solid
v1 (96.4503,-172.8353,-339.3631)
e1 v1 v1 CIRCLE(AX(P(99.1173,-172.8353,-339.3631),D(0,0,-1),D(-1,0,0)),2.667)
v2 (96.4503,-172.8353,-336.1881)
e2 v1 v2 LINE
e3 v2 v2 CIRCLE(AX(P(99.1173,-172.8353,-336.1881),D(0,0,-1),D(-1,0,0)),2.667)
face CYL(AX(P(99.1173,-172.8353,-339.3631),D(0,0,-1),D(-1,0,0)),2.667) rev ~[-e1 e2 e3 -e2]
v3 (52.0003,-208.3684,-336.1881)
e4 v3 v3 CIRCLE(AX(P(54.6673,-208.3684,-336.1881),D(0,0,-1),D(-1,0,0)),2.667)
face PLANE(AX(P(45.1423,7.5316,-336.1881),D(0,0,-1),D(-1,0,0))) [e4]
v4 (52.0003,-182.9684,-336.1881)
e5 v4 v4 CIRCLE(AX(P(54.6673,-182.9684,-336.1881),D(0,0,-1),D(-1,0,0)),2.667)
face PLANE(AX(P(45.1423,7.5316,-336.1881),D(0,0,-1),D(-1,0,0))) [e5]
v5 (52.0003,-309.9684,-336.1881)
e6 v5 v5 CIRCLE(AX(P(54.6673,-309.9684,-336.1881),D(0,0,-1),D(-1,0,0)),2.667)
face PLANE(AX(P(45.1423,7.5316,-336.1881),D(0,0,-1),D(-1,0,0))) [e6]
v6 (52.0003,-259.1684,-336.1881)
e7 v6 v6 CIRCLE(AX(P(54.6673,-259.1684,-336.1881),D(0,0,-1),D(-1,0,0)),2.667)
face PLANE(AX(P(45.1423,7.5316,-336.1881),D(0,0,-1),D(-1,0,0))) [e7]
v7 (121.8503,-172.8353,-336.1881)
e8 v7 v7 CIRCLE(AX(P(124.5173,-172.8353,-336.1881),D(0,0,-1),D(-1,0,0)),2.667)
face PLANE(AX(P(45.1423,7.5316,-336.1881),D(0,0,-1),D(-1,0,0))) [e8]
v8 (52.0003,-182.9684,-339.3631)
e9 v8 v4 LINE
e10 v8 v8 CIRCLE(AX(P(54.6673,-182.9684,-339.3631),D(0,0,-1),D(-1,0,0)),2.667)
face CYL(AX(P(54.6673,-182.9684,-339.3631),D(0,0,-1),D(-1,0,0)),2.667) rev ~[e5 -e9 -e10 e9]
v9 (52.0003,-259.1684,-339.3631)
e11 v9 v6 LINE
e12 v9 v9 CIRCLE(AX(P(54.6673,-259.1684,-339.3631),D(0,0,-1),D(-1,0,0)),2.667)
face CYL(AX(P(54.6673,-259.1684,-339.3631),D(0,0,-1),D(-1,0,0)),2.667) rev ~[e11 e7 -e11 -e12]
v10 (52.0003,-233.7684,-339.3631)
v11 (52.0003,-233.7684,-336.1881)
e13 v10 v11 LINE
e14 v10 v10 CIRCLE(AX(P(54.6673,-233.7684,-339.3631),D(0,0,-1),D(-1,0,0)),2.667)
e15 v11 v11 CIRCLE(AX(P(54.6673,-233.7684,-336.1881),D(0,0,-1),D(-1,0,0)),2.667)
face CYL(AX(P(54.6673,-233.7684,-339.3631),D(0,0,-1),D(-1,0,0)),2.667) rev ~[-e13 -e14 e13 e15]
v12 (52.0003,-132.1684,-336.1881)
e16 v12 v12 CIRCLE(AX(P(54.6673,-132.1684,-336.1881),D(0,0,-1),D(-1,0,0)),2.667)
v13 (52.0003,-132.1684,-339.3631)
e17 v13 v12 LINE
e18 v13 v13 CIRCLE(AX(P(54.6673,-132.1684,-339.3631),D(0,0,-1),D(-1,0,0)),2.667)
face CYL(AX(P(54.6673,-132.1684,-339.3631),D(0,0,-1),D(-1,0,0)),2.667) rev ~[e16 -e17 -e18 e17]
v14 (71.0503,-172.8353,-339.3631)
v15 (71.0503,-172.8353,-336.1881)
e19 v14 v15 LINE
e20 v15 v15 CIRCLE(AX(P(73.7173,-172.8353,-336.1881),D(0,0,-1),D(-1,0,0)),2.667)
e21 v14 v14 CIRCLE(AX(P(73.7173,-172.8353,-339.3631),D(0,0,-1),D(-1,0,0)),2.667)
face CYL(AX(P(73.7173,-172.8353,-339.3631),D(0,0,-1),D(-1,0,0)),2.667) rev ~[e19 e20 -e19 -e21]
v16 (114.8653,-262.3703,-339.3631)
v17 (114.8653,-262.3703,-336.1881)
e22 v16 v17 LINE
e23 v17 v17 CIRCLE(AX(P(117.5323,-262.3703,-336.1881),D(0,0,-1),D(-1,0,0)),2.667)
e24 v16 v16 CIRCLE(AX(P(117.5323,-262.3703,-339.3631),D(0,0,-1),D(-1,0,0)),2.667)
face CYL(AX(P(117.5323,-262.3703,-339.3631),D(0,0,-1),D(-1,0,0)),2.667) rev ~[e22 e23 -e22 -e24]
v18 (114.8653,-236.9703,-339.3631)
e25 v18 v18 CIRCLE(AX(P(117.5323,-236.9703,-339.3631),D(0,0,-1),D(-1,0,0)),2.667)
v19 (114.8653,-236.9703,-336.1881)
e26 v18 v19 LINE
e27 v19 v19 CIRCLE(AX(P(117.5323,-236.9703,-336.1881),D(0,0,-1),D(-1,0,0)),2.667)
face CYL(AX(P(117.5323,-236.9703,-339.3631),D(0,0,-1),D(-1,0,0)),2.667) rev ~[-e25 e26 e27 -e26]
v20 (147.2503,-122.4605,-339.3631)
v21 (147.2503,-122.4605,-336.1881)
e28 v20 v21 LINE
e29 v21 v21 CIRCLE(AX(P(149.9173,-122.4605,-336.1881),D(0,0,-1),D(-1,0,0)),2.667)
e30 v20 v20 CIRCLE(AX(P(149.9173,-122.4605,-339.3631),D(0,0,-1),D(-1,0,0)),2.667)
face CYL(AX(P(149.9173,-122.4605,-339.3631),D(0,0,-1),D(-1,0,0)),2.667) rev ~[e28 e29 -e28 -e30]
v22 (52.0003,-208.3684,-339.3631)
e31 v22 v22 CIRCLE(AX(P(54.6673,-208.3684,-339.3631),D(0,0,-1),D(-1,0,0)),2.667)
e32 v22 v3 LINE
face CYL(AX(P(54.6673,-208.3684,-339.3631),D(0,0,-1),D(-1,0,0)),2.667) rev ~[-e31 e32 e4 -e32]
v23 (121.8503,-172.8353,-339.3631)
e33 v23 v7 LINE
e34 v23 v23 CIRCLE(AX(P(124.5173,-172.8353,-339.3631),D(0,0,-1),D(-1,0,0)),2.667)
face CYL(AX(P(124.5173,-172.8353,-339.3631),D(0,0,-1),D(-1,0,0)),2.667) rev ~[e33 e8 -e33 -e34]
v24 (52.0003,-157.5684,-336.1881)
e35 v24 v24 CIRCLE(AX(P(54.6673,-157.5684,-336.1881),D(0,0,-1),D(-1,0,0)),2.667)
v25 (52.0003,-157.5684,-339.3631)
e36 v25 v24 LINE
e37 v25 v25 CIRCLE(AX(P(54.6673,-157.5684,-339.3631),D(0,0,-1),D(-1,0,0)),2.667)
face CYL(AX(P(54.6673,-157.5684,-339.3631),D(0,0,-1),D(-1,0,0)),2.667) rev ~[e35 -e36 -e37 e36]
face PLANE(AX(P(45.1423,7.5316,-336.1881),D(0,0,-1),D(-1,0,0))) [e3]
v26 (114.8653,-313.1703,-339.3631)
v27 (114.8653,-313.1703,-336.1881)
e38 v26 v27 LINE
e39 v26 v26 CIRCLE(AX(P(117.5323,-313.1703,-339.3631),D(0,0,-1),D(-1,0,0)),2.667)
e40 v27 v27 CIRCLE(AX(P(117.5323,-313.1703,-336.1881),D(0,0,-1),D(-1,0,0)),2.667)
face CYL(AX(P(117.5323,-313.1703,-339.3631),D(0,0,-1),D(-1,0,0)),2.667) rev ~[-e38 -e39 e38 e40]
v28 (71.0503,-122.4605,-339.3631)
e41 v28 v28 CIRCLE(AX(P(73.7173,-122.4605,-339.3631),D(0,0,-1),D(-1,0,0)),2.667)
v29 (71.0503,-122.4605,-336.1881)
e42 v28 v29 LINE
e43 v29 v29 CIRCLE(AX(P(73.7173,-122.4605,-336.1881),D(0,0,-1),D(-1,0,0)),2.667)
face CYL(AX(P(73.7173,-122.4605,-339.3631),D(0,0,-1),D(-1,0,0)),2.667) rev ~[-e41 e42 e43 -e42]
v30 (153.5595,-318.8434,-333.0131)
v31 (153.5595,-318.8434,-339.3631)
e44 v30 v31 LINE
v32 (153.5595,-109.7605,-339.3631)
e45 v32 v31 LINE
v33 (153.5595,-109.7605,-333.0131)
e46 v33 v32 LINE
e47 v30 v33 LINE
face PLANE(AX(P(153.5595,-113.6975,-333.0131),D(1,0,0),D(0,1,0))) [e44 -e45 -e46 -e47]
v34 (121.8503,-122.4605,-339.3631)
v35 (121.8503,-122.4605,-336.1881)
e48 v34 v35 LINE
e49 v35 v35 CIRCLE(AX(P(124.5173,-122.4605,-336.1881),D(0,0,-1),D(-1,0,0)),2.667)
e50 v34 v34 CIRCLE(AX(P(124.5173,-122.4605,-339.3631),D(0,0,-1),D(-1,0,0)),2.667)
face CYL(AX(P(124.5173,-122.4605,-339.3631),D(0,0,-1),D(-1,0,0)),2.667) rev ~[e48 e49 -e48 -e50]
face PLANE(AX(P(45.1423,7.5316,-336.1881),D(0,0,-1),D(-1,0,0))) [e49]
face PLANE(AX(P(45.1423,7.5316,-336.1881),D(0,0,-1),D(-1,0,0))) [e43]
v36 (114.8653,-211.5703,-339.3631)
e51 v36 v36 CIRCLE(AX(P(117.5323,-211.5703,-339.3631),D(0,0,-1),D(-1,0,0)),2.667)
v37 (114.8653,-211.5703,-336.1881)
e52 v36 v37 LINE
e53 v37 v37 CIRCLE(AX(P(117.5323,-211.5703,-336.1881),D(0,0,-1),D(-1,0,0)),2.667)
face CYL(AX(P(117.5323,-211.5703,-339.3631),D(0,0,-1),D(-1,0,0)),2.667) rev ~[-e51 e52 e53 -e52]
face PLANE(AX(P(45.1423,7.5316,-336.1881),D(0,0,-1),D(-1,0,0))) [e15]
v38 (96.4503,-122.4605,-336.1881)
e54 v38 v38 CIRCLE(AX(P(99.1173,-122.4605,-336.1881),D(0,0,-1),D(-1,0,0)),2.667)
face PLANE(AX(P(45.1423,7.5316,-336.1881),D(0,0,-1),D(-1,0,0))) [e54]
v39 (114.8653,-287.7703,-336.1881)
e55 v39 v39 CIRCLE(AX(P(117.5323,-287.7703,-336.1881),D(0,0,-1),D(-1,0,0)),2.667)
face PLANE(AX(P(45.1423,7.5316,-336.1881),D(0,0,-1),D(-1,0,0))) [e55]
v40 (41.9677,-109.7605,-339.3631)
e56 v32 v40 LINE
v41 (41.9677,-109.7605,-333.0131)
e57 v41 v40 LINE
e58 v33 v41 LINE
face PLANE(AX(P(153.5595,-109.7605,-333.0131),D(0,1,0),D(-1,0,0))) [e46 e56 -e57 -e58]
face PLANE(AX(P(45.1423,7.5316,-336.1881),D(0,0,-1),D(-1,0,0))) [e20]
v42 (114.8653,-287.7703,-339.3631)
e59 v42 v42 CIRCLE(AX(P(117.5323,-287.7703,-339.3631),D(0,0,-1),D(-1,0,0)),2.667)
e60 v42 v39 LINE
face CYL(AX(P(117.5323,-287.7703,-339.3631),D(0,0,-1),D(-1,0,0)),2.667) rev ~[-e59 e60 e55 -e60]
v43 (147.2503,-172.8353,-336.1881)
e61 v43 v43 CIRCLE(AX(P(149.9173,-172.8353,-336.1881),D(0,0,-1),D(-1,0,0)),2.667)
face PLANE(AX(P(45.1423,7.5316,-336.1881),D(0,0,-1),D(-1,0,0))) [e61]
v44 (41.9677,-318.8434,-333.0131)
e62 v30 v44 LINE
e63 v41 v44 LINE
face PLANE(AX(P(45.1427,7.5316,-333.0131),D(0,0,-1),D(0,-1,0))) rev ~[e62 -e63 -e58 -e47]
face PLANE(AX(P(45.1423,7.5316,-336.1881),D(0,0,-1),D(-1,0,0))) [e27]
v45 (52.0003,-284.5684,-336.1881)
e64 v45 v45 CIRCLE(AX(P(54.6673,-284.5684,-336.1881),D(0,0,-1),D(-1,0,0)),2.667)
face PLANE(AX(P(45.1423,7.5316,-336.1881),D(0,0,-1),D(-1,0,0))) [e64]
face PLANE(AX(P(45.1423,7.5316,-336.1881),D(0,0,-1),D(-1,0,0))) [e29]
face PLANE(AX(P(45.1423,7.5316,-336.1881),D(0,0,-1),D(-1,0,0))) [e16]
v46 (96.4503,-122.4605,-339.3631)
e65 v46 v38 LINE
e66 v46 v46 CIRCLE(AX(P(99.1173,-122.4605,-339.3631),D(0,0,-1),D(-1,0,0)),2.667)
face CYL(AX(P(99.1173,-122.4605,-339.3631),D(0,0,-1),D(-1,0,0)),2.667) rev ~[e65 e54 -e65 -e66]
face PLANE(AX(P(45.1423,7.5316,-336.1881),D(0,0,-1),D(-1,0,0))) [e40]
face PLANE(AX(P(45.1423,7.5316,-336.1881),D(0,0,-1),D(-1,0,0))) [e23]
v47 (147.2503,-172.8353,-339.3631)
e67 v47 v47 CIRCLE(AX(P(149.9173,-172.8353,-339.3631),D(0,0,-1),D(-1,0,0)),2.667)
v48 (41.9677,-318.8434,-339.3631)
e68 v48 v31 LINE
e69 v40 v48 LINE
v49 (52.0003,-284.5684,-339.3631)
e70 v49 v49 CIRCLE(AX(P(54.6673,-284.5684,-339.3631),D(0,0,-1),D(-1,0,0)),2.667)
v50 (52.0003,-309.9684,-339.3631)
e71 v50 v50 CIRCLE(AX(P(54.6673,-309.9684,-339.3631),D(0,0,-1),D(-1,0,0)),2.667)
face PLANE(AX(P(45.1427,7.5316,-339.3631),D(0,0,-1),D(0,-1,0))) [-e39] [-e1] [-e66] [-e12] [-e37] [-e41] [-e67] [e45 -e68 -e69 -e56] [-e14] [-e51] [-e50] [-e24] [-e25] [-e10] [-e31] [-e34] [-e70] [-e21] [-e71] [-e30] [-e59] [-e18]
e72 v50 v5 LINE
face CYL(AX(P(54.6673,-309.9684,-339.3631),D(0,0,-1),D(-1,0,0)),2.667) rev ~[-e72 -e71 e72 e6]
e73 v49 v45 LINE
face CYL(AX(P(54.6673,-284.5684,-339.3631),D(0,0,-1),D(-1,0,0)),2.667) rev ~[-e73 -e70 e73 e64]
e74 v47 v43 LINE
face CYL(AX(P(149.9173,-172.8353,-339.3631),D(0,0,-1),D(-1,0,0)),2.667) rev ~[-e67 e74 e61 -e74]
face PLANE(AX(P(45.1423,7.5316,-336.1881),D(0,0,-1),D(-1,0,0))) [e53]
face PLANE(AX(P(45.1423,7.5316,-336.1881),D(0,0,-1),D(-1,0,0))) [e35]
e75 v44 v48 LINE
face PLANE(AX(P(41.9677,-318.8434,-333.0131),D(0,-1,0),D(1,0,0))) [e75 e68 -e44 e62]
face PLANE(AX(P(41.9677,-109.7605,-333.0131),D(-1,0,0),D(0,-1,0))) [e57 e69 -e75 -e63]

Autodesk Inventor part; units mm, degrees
ref_plane "YZ Plane" through (0, 0, 0) normal (1, 0, 0) x (0, 1, 0)
ref_plane "XZ Plane" through (0, 0, 0) normal (0, 1, 0) x (-1, 0, 0)
ref_plane "XY Plane" through (0, 0, 0) normal (0, 0, 1) x (1, 0, 0)
ref_plane "Work Plane1" through (45.1427, 7.5316, -333.0131) normal (-0.0001, 0, -1) x (0, -1, 0)
sketch "Sketch1" plane through (45.1427, 7.5316, -333.0131) normal (-0.0001, 0, -1) x (0, -1, 0)
  line L0 (333.4019, -100.965) -> (333.4019, -89.027) projected
  line L1 (117.2921, 3.175) -> (326.375, 3.175)
  line L2 (326.375, 3.175) -> (326.375, -108.4168)
  line L3 (326.375, -108.4168) -> (117.2921, -108.4168)
  line L4 (117.2921, -108.4168) -> (117.2921, 3.175)
  circle A0 centre (673.1, -9.525) radius 2.667 projected
  circle A1 centre (647.7, -9.525) radius 2.667 projected
  circle A2 centre (622.3, -9.525) radius 2.667 projected
  circle A3 centre (596.9, -9.525) radius 2.667 projected
  circle A4 centre (571.5, -9.525) radius 2.667 projected
  circle A5 centre (546.1, -9.525) radius 2.667 projected
  circle A6 centre (520.7, -9.525) radius 2.667 projected
  circle A7 centre (495.3, -9.525) radius 2.667 projected
  circle A8 centre (469.9, -9.525) radius 2.667 projected
  circle A9 centre (444.5, -9.525) radius 2.667 projected
  circle A10 centre (419.1, -9.525) radius 2.667 projected
  circle A11 centre (393.7, -9.525) radius 2.667 projected
  circle A12 centre (368.3, -9.525) radius 2.667 projected
  circle A13 centre (342.9, -9.525) radius 2.667 projected
  circle A14 centre (317.5, -9.525) radius 2.667 projected
  circle A15 centre (292.1, -9.525) radius 2.667 projected
  circle A16 centre (266.7, -9.525) radius 2.667 projected
  circle A17 centre (241.3, -9.525) radius 2.667 projected
  circle A18 centre (215.9, -9.525) radius 2.667 projected
  circle A19 centre (190.5, -9.525) radius 2.667 projected
  circle A20 centre (165.1, -9.525) radius 2.667 projected
  circle A21 centre (139.7, -9.525) radius 2.667 projected
  line L5 (692.3329, -15.875) -> (692.3329, -0.762) projected
  line L6 (120.4671, -0.762) -> (692.3329, -0.762) projected
  line L7 (120.4671, -0.762) -> (120.4671, -15.875) projected
  line L8 (120.4671, -15.875) -> (692.3329, -15.875) projected
  line L9 (121.2291, -672.465) -> (136.3421, -672.465) projected
  line L10 (136.3421, -672.465) -> (136.3421, -19.685) projected
  line L11 (136.3421, -19.685) -> (121.2291, -19.685) projected
  line L12 (121.2291, -672.465) -> (121.2291, -19.685) projected
  circle A22 centre (129.9921, -663.575) radius 2.667 projected
  circle A23 centre (129.9921, -638.175) radius 2.667 projected
  circle A24 centre (129.9921, -612.775) radius 2.667 projected
  circle A25 centre (129.9921, -587.375) radius 2.667 projected
  circle A26 centre (129.9921, -561.975) radius 2.667 projected
  circle A27 centre (129.9921, -536.575) radius 2.667 projected
  circle A28 centre (129.9921, -511.175) radius 2.667 projected
  circle A29 centre (129.9921, -485.775) radius 2.667 projected
  circle A30 centre (129.9921, -460.375) radius 2.667 projected
  circle A31 centre (129.9921, -434.975) radius 2.667 projected
  circle A32 centre (129.9921, -409.575) radius 2.667 projected
  circle A33 centre (129.9921, -384.175) radius 2.667 projected
  circle A34 centre (129.9921, -358.775) radius 2.667 projected
  circle A35 centre (129.9921, -333.375) radius 2.667 projected
  circle A36 centre (129.9921, -307.975) radius 2.667 projected
  circle A37 centre (129.9921, -282.575) radius 2.667 projected
  circle A38 centre (129.9921, -257.175) radius 2.667 projected
  circle A39 centre (129.9921, -231.775) radius 2.667 projected
  circle A40 centre (129.9921, -206.375) radius 2.667 projected
  circle A41 centre (129.9921, -180.975) radius 2.667 projected
  circle A42 centre (129.9921, -155.575) radius 2.667 projected
  circle A43 centre (129.9921, -130.175) radius 2.667 projected
  circle A44 centre (129.9921, -104.775) radius 2.667 projected
  circle A45 centre (129.9921, -79.375) radius 2.667 projected
  circle A46 centre (129.9921, -53.975) radius 2.667 projected
  circle A47 centre (129.9921, -28.575) radius 2.667 projected
  circle A48 centre (180.3669, -28.575) radius 2.667 projected
  circle A49 centre (180.3669, -53.975) radius 2.667 projected
  circle A50 centre (180.3669, -79.375) radius 2.667 projected
  circle A51 centre (180.3669, -104.775) radius 2.667 projected
  circle A52 centre (180.3669, -130.175) radius 2.667 projected
  circle A53 centre (180.3669, -155.575) radius 2.667 projected
  circle A54 centre (180.3669, -180.975) radius 2.667 projected
  circle A55 centre (180.3669, -206.375) radius 2.667 projected
  circle A56 centre (180.3669, -231.775) radius 2.667 projected
  circle A57 centre (180.3669, -257.175) radius 2.667 projected
  circle A58 centre (180.3669, -282.575) radius 2.667 projected
  line L13 (192.3049, -15.875) -> (174.0169, -15.875) projected
  line L14 (174.0169, -15.875) -> (174.0169, -292.1) projected
  line L15 (174.0169, -292.1) -> (177.1919, -295.275) projected
  line L16 (192.3049, -295.275) -> (177.1919, -295.275) projected
  line L17 (192.3049, -15.875) -> (192.3049, -295.275) projected
  circle A59 centre (219.1019, -72.39) radius 2.667 projected
  circle A60 centre (244.5019, -72.39) radius 2.667 projected
  circle A61 centre (269.9019, -72.39) radius 2.667 projected
  circle A62 centre (295.3019, -72.39) radius 2.667 projected
  circle A63 centre (320.7019, -72.39) radius 2.667 projected
  circle A64 centre (346.1019, -72.39) radius 2.667 projected
  line L18 (212.1169, -66.04) -> (212.1169, -84.328) projected
  line L19 (358.8019, -84.328) -> (212.1169, -84.328) projected
  line L20 (358.8019, -84.328) -> (358.8019, -69.215) projected
  line L21 (358.8019, -69.215) -> (355.6269, -66.04) projected
  line L22 (355.6269, -66.04) -> (212.1169, -66.04) projected
  point P0 (7.5323, 45.1616)
extrude "Extrusion1" add sketch "Sketch1" along normal blind 6.35 contours L1 L2 L6 L7 L8 L14 L3 L10 L11 L12 L4 | L2 L8 L7 L6 | L12 L11 L10 L3 | L2 L22 L18 L19 L3 L17 L8 | L2 L19 L18 L22 | L17 L3 L14 L8 | A14 | A15 | A16 | A17 | A18 | A19 | A20 | A21 | A44 | A45 | A46 | A47 | A48 | A49 | A50 | A51 | A59 | A60 | A61 | A62 | A63
sketch "Sketch2" plane through (45.1423, 7.5316, -339.3631) normal (-0.0001, 0, -1) x (-1, 0, 0.0001)
  circle A0 centre (-9.525, -673.1) radius 2.667 projected
  circle A1 centre (-9.525, -647.7) radius 2.667 projected
  circle A2 centre (-9.525, -622.3) radius 2.667 projected
  circle A3 centre (-9.525, -596.9) radius 2.667 projected
  circle A4 centre (-9.525, -571.5) radius 2.667 projected
  circle A5 centre (-9.525, -546.1) radius 2.667 projected
  circle A6 centre (-9.525, -520.7) radius 2.667 projected
  circle A7 centre (-9.525, -495.3) radius 2.667 projected
  circle A8 centre (-9.525, -469.9) radius 2.667 projected
  circle A9 centre (-9.525, -444.5) radius 2.667 projected
  circle A10 centre (-9.525, -419.1) radius 2.667 projected
  circle A11 centre (-9.525, -393.7) radius 2.667 projected
  circle A12 centre (-9.525, -368.3) radius 2.667 projected
  circle A13 centre (-9.525, -342.9) radius 2.667 projected
  circle A14 centre (-9.525, -317.5) radius 2.667 projected
  circle A15 centre (-9.525, -292.1) radius 2.667 projected
  circle A16 centre (-9.525, -266.7) radius 2.667 projected
  circle A17 centre (-9.525, -241.3) radius 2.667 projected
  circle A18 centre (-9.525, -215.9) radius 2.667 projected
  circle A19 centre (-9.525, -190.5) radius 2.667 projected
  circle A20 centre (-9.525, -165.1) radius 2.667 projected
  circle A21 centre (-9.525, -139.7) radius 2.667 projected
  line L0 (-15.875, -692.3329) -> (-0.762, -692.3329) projected
  line L1 (-0.762, -120.4671) -> (-0.762, -692.3329) projected
  line L2 (-0.762, -120.4671) -> (-15.875, -120.4671) projected
  line L3 (-15.875, -120.4671) -> (-15.875, -692.3329) projected
  circle A22 centre (-72.39, -219.1019) radius 2.667 projected
  circle A23 centre (-72.39, -244.5019) radius 2.667 projected
  circle A24 centre (-72.39, -269.9019) radius 2.667 projected
  circle A25 centre (-72.39, -295.3019) radius 2.667 projected
  circle A26 centre (-72.39, -320.7019) radius 2.667 projected
  circle A27 centre (-72.39, -346.1019) radius 2.667 projected
  line L4 (-66.04, -212.1169) -> (-84.328, -212.1169) projected
  line L5 (-84.328, -358.8019) -> (-84.328, -212.1169) projected
  line L6 (-84.328, -358.8019) -> (-69.215, -358.8019) projected
  line L7 (-69.215, -358.8019) -> (-66.04, -355.6269) projected
  line L8 (-66.04, -355.6269) -> (-66.04, -212.1169) projected
  circle A28 centre (-28.575, -180.3669) radius 2.667 projected
  circle A29 centre (-53.975, -180.3669) radius 2.667 projected
  circle A30 centre (-79.375, -180.3669) radius 2.667 projected
  circle A31 centre (-104.775, -180.3669) radius 2.667 projected
  circle A32 centre (-130.175, -180.3669) radius 2.667 projected
  circle A33 centre (-155.575, -180.3669) radius 2.667 projected
  circle A34 centre (-180.975, -180.3669) radius 2.667 projected
  circle A35 centre (-206.375, -180.3669) radius 2.667 projected
  circle A36 centre (-231.775, -180.3669) radius 2.667 projected
  circle A37 centre (-257.175, -180.3669) radius 2.667 projected
  circle A38 centre (-282.575, -180.3669) radius 2.667 projected
  line L9 (-15.875, -192.3049) -> (-15.875, -174.0169) projected
  line L10 (-15.875, -174.0169) -> (-292.1, -174.0169) projected
  line L11 (-292.1, -174.0169) -> (-295.275, -177.1919) projected
  line L12 (-295.275, -192.3049) -> (-295.275, -177.1919) projected
  line L13 (-15.875, -192.3049) -> (-295.275, -192.3049) projected
  line L14 (-672.465, -121.2291) -> (-672.465, -136.3421) projected
  line L15 (-672.465, -136.3421) -> (-19.685, -136.3421) projected
  line L16 (-19.685, -136.3421) -> (-19.685, -121.2291) projected
  line L17 (-672.465, -121.2291) -> (-19.685, -121.2291) projected
  circle A39 centre (-663.575, -129.9921) radius 2.667 projected
  circle A40 centre (-638.175, -129.9921) radius 2.667 projected
  circle A41 centre (-612.775, -129.9921) radius 2.667 projected
  circle A42 centre (-587.375, -129.9921) radius 2.667 projected
  circle A43 centre (-561.975, -129.9921) radius 2.667 projected
  circle A44 centre (-536.575, -129.9921) radius 2.667 projected
  circle A45 centre (-511.175, -129.9921) radius 2.667 projected
  circle A46 centre (-485.775, -129.9921) radius 2.667 projected
  circle A47 centre (-460.375, -129.9921) radius 2.667 projected
  circle A48 centre (-434.975, -129.9921) radius 2.667 projected
  circle A49 centre (-409.575, -129.9921) radius 2.667 projected
  circle A50 centre (-384.175, -129.9921) radius 2.667 projected
  circle A51 centre (-358.775, -129.9921) radius 2.667 projected
  circle A52 centre (-333.375, -129.9921) radius 2.667 projected
  circle A53 centre (-307.975, -129.9921) radius 2.667 projected
  circle A54 centre (-282.575, -129.9921) radius 2.667 projected
  circle A55 centre (-257.175, -129.9921) radius 2.667 projected
  circle A56 centre (-231.775, -129.9921) radius 2.667 projected
  circle A57 centre (-206.375, -129.9921) radius 2.667 projected
  circle A58 centre (-180.975, -129.9921) radius 2.667 projected
  circle A59 centre (-155.575, -129.9921) radius 2.667 projected
  circle A60 centre (-130.175, -129.9921) radius 2.667 projected
  circle A61 centre (-104.775, -129.9921) radius 2.667 projected
  circle A62 centre (-79.375, -129.9921) radius 2.667 projected
  circle A63 centre (-53.975, -129.9921) radius 2.667 projected
  circle A64 centre (-28.575, -129.9921) radius 2.667 projected
  point P0 (45.1616, -7.5323)
extrude "Extrusion2" cut sketch "Sketch2" along normal mid plane 6.35 contours A14 | A15 | A16 | A17 | A18 | A19 | A20 | A21 | A22 | A23 | A24 | A25 | A26 | A28 | A29 | A30 | A31 | A61 | A62 | A63 | A64
properties part number "Aluminum Final Mounting Plate"
